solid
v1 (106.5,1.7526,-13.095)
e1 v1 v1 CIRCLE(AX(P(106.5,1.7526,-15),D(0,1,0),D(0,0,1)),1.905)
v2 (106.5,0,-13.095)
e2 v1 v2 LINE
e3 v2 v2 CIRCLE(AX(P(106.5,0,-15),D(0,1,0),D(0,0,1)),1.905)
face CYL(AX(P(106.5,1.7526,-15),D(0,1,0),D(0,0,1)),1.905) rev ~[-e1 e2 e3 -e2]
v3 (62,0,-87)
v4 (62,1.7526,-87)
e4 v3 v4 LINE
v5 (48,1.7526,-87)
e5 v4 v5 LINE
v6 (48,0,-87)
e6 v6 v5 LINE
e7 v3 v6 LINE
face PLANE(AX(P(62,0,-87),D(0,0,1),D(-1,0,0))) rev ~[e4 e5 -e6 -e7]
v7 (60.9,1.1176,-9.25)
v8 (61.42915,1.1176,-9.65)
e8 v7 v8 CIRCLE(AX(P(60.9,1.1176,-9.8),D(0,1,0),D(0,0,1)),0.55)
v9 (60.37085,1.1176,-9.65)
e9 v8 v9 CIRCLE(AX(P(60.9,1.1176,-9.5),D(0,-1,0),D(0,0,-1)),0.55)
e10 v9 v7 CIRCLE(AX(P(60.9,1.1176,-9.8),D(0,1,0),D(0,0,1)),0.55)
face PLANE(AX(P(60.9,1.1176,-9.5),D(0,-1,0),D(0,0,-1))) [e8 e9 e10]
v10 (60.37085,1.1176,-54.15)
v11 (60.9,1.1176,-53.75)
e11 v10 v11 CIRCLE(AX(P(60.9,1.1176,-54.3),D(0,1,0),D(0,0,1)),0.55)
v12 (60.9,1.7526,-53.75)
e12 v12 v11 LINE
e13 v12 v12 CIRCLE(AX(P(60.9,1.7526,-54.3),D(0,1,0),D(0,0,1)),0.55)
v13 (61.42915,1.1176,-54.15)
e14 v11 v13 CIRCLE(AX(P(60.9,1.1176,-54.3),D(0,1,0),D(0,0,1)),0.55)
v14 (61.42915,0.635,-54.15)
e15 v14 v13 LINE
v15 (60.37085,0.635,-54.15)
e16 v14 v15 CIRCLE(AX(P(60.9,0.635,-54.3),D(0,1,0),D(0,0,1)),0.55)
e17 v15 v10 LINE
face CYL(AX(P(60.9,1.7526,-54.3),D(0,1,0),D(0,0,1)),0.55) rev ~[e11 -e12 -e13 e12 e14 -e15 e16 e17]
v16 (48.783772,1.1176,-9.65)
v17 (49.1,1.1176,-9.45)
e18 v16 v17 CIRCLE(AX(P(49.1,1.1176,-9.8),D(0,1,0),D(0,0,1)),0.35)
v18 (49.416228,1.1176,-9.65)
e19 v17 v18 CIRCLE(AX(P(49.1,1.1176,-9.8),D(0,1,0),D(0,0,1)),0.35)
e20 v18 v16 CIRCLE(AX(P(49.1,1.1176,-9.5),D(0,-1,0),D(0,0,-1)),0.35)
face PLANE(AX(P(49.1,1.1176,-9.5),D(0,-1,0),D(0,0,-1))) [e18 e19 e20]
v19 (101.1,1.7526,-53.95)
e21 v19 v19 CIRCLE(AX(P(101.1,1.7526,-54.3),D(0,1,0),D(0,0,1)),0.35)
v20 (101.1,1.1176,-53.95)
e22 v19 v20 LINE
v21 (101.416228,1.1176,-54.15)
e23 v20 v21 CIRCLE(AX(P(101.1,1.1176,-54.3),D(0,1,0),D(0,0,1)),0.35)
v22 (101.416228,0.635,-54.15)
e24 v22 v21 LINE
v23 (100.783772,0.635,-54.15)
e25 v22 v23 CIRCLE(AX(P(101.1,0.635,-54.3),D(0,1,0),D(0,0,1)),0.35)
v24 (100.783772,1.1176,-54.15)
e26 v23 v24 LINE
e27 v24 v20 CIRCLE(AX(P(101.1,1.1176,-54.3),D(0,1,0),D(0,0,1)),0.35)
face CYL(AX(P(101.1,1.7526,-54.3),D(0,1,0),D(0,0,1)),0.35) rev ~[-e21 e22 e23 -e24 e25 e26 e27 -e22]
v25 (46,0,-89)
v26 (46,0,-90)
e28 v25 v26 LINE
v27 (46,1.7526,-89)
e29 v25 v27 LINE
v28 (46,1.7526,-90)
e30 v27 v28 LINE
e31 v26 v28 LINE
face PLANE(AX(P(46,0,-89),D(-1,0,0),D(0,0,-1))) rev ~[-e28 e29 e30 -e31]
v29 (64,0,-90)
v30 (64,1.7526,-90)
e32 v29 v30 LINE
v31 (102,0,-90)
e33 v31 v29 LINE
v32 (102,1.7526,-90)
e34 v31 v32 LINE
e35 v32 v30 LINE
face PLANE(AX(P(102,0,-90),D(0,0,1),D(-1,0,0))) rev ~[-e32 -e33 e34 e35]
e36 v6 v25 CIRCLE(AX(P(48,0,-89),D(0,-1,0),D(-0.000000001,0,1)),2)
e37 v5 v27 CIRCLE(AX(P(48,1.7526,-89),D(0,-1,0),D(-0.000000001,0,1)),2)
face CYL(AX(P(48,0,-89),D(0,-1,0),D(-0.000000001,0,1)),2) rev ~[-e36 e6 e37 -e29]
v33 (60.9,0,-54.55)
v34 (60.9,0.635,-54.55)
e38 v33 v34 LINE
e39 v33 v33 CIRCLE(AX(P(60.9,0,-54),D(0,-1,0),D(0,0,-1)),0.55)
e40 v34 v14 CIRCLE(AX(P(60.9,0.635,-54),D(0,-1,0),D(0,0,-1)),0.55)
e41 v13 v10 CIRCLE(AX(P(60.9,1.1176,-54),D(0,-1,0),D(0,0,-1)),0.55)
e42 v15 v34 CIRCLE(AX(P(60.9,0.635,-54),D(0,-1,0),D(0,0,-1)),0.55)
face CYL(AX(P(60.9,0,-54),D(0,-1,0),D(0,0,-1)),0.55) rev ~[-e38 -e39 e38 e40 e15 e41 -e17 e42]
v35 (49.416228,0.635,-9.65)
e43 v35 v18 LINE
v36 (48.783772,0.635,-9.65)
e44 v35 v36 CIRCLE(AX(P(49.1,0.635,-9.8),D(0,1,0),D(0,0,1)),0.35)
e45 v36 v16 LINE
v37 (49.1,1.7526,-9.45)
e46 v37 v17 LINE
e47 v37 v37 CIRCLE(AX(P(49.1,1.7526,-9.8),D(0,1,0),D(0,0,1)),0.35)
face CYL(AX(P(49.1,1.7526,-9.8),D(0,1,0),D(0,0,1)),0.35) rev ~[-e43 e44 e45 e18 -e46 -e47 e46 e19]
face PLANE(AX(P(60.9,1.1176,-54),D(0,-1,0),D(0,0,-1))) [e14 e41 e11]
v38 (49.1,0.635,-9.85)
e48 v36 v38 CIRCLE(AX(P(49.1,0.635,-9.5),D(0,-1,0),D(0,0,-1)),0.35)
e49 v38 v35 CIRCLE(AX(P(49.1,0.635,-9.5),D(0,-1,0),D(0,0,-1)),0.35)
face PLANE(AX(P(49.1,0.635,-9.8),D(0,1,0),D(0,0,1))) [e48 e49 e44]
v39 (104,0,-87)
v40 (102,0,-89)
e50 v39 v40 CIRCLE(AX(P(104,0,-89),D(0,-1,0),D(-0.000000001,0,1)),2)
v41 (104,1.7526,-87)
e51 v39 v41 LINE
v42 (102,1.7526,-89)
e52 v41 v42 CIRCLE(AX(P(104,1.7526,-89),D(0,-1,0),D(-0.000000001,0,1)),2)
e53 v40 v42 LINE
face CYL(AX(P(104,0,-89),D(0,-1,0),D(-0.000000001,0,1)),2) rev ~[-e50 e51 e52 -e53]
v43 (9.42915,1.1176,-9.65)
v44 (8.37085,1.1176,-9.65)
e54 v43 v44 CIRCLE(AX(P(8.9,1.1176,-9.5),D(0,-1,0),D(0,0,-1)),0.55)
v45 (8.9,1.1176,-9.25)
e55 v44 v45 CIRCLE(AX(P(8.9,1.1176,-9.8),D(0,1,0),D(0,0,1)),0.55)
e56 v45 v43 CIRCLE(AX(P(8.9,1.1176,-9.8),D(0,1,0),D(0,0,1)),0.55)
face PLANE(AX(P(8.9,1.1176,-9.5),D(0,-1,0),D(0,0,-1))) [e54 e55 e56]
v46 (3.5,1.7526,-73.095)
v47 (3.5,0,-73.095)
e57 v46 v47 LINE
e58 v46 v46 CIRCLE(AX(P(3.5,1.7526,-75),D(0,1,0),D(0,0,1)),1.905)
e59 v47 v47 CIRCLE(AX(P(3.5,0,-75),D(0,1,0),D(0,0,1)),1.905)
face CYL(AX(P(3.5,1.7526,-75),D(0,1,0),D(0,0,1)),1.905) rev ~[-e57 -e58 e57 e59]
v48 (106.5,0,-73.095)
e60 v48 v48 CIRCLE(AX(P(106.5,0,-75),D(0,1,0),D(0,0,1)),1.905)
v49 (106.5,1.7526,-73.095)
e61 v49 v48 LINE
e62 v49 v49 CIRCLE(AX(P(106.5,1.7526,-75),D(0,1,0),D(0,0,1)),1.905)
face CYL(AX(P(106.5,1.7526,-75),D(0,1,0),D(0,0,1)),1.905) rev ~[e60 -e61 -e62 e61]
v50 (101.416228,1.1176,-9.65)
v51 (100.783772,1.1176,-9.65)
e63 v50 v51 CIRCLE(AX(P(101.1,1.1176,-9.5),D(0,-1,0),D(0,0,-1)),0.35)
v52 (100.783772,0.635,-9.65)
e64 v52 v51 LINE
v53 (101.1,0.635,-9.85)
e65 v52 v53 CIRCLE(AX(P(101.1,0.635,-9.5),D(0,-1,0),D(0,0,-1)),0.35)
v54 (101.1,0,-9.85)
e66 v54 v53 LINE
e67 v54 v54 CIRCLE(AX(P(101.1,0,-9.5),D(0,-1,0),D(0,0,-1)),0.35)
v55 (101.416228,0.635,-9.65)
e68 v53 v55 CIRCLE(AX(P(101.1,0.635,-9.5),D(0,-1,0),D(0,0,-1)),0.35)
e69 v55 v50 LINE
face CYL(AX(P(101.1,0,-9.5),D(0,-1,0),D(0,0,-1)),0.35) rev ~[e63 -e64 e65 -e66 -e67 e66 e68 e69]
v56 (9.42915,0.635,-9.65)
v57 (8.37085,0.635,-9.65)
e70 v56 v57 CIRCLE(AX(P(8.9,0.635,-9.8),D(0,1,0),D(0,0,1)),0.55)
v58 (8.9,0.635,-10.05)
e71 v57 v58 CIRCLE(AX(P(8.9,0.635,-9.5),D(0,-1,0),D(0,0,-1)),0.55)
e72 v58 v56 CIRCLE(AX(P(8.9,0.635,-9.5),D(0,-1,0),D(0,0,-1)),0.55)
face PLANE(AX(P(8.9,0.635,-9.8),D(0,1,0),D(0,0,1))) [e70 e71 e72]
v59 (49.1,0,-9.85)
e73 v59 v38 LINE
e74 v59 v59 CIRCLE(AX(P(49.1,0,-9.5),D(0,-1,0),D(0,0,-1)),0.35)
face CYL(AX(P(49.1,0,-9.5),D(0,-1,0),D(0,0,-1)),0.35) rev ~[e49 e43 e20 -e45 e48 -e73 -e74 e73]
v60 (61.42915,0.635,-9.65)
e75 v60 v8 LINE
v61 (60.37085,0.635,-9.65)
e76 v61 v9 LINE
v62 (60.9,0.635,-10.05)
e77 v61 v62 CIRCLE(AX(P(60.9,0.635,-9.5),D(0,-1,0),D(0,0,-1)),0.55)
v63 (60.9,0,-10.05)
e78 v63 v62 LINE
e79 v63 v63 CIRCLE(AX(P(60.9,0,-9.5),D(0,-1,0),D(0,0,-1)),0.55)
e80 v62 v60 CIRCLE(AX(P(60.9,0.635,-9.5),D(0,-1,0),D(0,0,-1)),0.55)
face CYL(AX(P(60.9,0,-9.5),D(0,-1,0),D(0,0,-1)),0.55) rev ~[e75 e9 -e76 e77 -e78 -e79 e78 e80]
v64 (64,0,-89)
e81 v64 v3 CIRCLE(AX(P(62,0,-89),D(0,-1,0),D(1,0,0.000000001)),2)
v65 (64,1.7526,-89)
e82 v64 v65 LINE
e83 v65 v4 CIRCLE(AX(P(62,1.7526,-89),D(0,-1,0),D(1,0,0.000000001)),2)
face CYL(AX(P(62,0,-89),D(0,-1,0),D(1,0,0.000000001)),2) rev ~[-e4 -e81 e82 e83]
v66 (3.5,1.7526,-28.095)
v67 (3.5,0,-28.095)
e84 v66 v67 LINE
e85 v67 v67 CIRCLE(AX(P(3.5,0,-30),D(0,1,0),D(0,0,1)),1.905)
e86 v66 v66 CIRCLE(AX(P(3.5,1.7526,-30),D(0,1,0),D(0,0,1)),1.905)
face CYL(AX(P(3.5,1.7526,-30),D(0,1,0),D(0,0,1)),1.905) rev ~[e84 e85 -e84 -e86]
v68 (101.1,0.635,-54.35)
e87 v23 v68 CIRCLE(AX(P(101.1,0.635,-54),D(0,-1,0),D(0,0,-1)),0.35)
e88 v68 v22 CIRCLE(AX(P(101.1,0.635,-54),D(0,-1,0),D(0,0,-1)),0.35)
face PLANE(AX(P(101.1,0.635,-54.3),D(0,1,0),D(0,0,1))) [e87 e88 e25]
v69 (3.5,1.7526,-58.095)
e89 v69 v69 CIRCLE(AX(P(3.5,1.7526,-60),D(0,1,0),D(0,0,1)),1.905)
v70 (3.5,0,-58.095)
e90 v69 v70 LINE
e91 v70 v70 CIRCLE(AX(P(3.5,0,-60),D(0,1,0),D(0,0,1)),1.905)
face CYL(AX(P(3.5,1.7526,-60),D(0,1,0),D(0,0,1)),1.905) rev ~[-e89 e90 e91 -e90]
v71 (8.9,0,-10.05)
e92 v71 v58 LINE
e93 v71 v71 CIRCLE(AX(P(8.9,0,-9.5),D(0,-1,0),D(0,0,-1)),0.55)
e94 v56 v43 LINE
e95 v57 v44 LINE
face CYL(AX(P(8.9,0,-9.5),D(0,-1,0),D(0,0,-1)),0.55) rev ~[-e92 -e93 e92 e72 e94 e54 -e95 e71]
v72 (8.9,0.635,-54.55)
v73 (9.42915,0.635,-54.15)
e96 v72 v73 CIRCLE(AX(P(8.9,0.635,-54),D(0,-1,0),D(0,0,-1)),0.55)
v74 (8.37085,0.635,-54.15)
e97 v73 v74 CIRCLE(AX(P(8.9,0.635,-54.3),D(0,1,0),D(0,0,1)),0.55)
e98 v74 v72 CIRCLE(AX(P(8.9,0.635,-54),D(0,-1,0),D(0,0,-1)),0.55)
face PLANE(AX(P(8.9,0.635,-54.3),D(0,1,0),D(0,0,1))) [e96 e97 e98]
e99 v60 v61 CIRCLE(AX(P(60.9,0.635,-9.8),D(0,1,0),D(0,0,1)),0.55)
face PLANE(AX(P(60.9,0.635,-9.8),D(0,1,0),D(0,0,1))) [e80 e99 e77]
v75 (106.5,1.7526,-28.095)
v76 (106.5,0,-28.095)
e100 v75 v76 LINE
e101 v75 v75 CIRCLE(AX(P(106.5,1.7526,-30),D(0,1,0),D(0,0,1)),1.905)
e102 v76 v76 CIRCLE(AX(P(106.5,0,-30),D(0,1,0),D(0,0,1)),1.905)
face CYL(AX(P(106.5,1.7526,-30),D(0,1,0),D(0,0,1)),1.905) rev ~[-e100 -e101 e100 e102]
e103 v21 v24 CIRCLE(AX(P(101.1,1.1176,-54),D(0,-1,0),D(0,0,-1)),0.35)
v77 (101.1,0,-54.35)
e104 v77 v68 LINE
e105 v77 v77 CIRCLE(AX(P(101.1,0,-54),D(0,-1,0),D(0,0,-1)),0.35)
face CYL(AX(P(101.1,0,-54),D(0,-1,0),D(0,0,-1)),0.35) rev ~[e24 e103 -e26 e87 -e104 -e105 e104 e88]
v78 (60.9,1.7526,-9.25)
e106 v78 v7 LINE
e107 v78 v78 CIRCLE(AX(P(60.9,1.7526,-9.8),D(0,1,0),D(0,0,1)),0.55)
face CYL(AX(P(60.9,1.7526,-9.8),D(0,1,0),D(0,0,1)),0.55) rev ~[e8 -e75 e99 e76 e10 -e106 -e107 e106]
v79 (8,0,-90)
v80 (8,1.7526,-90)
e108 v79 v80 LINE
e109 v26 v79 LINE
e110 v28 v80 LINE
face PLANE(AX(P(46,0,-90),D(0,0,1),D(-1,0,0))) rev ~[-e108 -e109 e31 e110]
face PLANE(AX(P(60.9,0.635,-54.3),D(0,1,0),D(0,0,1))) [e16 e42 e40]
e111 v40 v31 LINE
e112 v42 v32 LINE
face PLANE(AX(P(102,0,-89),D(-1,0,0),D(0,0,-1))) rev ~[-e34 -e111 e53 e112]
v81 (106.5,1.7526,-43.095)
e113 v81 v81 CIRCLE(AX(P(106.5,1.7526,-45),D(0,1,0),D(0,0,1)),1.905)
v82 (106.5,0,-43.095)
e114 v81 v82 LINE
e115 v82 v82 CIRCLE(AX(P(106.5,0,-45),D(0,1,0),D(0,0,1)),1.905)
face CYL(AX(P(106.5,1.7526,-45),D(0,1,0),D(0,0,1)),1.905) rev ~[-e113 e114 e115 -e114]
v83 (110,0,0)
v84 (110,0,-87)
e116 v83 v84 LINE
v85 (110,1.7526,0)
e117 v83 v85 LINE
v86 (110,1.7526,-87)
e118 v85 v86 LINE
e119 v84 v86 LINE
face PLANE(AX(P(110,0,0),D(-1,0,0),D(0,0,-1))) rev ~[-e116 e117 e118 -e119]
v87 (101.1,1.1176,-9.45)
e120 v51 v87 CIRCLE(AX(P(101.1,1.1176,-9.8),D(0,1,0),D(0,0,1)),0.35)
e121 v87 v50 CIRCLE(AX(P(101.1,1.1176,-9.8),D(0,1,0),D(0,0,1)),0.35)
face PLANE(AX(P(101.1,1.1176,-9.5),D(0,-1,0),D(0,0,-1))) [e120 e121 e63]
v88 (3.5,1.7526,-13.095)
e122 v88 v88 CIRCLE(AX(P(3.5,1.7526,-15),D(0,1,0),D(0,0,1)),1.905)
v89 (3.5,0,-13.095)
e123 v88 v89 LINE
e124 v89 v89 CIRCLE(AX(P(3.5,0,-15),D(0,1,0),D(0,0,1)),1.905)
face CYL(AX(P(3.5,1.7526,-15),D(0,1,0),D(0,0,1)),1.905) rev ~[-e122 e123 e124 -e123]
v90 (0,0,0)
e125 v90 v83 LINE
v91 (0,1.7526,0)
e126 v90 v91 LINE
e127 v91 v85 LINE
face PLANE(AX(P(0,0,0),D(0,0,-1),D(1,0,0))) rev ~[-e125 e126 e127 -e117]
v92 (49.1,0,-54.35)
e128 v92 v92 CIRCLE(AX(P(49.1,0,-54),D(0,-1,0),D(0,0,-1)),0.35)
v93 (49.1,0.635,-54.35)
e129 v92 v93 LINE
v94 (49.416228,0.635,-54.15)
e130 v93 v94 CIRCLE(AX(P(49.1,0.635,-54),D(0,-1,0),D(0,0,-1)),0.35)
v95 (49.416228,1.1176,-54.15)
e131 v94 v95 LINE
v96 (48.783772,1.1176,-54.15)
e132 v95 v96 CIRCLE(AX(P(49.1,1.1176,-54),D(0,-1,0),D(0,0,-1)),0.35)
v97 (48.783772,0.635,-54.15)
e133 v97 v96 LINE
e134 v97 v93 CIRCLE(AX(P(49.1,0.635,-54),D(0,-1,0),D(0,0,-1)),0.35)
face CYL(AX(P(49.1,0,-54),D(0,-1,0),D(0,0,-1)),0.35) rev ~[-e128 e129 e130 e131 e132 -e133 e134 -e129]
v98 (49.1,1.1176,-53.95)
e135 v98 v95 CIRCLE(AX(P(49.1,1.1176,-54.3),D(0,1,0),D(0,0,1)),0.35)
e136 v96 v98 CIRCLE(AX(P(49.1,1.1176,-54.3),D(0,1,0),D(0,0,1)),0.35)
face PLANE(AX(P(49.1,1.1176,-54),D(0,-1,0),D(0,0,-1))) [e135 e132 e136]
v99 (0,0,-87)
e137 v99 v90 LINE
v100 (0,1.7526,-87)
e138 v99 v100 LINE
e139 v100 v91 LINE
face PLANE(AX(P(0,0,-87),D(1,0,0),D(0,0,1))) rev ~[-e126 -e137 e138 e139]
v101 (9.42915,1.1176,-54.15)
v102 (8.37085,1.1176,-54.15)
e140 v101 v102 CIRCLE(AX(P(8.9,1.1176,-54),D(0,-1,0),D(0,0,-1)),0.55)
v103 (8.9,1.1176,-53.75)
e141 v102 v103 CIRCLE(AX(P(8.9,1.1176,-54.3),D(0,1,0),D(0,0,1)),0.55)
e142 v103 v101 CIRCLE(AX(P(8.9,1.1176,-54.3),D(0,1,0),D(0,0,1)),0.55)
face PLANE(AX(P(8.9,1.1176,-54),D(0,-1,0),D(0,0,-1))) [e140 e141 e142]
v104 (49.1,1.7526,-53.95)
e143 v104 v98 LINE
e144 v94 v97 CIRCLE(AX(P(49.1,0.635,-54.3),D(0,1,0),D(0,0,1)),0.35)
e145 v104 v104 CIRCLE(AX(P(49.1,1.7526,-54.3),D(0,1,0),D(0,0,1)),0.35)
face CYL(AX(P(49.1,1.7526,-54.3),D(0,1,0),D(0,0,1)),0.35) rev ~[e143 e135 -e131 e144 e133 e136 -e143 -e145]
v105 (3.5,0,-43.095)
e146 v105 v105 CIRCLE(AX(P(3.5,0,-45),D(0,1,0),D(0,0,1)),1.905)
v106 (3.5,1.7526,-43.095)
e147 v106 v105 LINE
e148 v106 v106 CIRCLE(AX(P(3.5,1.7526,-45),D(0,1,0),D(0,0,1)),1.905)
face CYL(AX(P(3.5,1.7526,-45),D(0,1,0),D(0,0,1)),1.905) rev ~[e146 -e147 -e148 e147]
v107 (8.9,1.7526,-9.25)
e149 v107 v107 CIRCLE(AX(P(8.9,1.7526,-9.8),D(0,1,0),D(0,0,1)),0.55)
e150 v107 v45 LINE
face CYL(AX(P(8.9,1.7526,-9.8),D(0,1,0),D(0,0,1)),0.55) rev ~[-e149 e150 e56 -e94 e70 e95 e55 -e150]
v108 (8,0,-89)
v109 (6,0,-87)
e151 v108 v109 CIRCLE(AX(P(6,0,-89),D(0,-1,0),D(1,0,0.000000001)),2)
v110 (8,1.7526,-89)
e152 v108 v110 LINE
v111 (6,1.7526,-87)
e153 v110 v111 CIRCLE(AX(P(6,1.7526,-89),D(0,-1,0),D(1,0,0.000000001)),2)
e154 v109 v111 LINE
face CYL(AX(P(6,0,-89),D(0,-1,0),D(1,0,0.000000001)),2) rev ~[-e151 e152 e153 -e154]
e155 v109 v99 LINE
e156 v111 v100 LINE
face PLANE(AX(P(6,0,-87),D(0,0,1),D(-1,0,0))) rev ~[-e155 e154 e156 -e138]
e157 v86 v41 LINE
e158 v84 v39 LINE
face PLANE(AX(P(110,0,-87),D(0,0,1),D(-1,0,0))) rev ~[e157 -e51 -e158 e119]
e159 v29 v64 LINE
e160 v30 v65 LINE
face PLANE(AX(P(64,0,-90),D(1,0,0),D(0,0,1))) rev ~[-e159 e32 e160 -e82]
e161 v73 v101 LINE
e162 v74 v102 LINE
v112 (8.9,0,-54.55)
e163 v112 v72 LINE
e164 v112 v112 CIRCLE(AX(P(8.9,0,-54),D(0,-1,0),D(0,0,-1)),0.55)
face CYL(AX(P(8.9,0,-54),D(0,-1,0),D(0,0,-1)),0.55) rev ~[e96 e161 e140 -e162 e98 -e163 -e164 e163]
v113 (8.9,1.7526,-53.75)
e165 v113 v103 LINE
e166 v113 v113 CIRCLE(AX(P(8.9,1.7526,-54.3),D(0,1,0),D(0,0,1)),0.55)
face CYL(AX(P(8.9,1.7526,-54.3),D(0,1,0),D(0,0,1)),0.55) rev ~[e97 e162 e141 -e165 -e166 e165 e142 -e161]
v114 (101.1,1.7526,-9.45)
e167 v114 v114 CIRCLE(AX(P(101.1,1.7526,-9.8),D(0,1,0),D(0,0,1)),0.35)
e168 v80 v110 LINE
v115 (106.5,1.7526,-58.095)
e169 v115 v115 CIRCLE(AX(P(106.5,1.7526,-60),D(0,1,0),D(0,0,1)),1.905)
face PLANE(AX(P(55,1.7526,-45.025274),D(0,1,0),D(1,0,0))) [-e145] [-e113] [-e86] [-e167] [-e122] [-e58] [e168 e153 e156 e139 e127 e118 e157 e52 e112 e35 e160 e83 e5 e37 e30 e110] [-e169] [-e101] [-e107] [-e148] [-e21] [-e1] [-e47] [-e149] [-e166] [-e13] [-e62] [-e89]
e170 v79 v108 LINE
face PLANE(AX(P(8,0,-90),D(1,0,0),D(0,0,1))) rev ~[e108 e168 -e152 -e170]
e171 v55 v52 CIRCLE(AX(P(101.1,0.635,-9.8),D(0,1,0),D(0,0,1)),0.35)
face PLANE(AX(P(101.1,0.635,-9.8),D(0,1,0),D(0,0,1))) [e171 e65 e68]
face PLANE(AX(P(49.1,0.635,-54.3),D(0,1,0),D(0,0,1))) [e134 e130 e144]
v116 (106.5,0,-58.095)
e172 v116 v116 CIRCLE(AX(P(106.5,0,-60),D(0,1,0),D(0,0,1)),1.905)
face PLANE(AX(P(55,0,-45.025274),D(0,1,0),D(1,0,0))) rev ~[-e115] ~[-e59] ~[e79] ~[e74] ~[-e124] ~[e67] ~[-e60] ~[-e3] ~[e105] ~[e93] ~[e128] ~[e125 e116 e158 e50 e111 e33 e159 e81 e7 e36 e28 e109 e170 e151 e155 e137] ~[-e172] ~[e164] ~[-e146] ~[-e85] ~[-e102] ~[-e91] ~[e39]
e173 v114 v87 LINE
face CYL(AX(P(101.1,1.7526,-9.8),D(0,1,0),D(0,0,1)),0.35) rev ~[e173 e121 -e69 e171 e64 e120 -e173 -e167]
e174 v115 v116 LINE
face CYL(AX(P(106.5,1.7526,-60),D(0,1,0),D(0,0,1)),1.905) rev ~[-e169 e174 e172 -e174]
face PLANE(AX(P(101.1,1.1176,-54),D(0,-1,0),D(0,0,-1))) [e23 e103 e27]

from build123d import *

# Parameters (mm, degrees)
FR4_DEPTH                           = 1.7526
SKETCH7_R                           = 1.905
CUT_EXTRUDE1_DEPTH                  = 143.1375095
SKETCH8_R                           = 0.55
SKETCH8_R_2                         = 0.35
CONTROLLED_DEPTH_HOLES_TOP_DEPTH    = 1.1176
SKETCH9_R                           = 0.55
SKETCH9_R_2                         = 0.35
CONTROLLED_DEPTH_HOLES_BOTTOM_DEPTH = 1.1176


with BuildPart() as part:
    # Sketch1 → FR4 (new body)
    with BuildSketch(Plane(origin=(0, 0, 0), x_dir=(1, 0, 0), z_dir=(0, 1, 0))):
        with BuildLine():
            Line((0, 0), (110, 0))
            Line((110, 0), (110, 87))
            Line((110, 87), (104, 87))
            ThreePointArc((104, 87), (102.585786438, 87.585786438), (102, 89))
            Line((102, 89), (102, 90))
            Line((102, 90), (64, 90))
            Line((64, 90), (64, 89))
            ThreePointArc((64, 89), (63.414213562, 87.585786438), (62, 87))
            Line((62, 87), (48, 87))
            ThreePointArc((48, 87), (46.585786438, 87.585786438), (46, 89))
            Line((46, 89), (46, 90))
            Line((46, 90), (8, 90))
            Line((8, 90), (8, 89))
            ThreePointArc((8, 89), (7.414213562, 87.585786438), (6, 87))
            Line((6, 87), (0, 87))
            Line((0, 87), (0, 0))
        make_face()
    extrude(amount=FR4_DEPTH)

    # Sketch7 → Cut-Extrude1 (cut, through all)
    with BuildSketch(Plane(origin=(0, 1.7526, 0), x_dir=(1, 0, 0), z_dir=(0, 1, 0))):
        with Locations(Location((3.5, 15, 0), (0, 0, 270))):
            Circle(SKETCH7_R)
        with Locations(Location((106.5, 15, 0), (0, 0, 270))):
            Circle(SKETCH7_R)
        with Locations(Location((106.5, 30, 0), (0, 0, 270))):
            Circle(SKETCH7_R)
        with Locations(Location((106.5, 45, 0), (0, 0, 270))):
            Circle(SKETCH7_R)
        with Locations(Location((106.5, 60, 0), (0, 0, 270))):
            Circle(SKETCH7_R)
        with Locations(Location((106.5, 75, 0), (0, 0, 270))):
            Circle(SKETCH7_R)
        with Locations(Location((3.5, 30, 0), (0, 0, 270))):
            Circle(SKETCH7_R)
        with Locations(Location((3.5, 45, 0), (0, 0, 270))):
            Circle(SKETCH7_R)
        with Locations(Location((3.5, 60, 0), (0, 0, 270))):
            Circle(SKETCH7_R)
        with Locations(Location((3.5, 75, 0), (0, 0, 270))):
            Circle(SKETCH7_R)
    extrude(amount=-CUT_EXTRUDE1_DEPTH, mode=Mode.SUBTRACT)

    # Sketch8 → controlled-depth-holes.top (cut)
    with BuildSketch(Plane(origin=(0, 1.7526, 0), x_dir=(1, 0, 0), z_dir=(0, 1, 0))):
        with Locations(Location((8.9, 9.8, 0), (0, 0, 270))):
            Circle(SKETCH8_R)
        with Locations(Location((60.9, 9.8, 0), (0, 0, 270))):
            Circle(SKETCH8_R)
        with Locations(Location((60.9, 54.3, 0), (0, 0, 270))):
            Circle(SKETCH8_R)
        with Locations(Location((8.9, 54.3, 0), (0, 0, 270))):
            Circle(SKETCH8_R)
        with Locations(Location((49.1, 9.8, 0), (0, 0, 270))):
            Circle(SKETCH8_R_2)
        with Locations(Location((101.1, 9.8, 0), (0, 0, 270))):
            Circle(SKETCH8_R_2)
        with Locations(Location((101.1, 54.3, 0), (0, 0, 270))):
            Circle(SKETCH8_R_2)
        with Locations(Location((49.1, 54.3, 0), (0, 0, 270))):
            Circle(SKETCH8_R_2)
    extrude(amount=-CONTROLLED_DEPTH_HOLES_TOP_DEPTH, mode=Mode.SUBTRACT)

    # Sketch9 → controlled-depth-holes.bottom (cut)
    with BuildSketch(Plane.XZ):
        with Locations(Location((8.9, -9.5, 0), (0, 0, 270))):
            Circle(SKETCH9_R)
        with Locations(Location((60.9, -9.5, 0), (0, 0, 270))):
            Circle(SKETCH9_R)
        with Locations(Location((60.9, -54, 0), (0, 0, 270))):
            Circle(SKETCH9_R)
        with Locations(Location((8.9, -54, 0), (0, 0, 270))):
            Circle(SKETCH9_R)
        with Locations(Location((49.1, -9.5, 0), (0, 0, 270))):
            Circle(SKETCH9_R_2)
        with Locations(Location((101.1, -9.5, 0), (0, 0, 270))):
            Circle(SKETCH9_R_2)
        with Locations(Location((101.1, -54, 0), (0, 0, 270))):
            Circle(SKETCH9_R_2)
        with Locations(Location((49.1, -54, 0), (0, 0, 270))):
            Circle(SKETCH9_R_2)
    extrude(amount=-CONTROLLED_DEPTH_HOLES_BOTTOM_DEPTH, mode=Mode.SUBTRACT)


solid = part.part
